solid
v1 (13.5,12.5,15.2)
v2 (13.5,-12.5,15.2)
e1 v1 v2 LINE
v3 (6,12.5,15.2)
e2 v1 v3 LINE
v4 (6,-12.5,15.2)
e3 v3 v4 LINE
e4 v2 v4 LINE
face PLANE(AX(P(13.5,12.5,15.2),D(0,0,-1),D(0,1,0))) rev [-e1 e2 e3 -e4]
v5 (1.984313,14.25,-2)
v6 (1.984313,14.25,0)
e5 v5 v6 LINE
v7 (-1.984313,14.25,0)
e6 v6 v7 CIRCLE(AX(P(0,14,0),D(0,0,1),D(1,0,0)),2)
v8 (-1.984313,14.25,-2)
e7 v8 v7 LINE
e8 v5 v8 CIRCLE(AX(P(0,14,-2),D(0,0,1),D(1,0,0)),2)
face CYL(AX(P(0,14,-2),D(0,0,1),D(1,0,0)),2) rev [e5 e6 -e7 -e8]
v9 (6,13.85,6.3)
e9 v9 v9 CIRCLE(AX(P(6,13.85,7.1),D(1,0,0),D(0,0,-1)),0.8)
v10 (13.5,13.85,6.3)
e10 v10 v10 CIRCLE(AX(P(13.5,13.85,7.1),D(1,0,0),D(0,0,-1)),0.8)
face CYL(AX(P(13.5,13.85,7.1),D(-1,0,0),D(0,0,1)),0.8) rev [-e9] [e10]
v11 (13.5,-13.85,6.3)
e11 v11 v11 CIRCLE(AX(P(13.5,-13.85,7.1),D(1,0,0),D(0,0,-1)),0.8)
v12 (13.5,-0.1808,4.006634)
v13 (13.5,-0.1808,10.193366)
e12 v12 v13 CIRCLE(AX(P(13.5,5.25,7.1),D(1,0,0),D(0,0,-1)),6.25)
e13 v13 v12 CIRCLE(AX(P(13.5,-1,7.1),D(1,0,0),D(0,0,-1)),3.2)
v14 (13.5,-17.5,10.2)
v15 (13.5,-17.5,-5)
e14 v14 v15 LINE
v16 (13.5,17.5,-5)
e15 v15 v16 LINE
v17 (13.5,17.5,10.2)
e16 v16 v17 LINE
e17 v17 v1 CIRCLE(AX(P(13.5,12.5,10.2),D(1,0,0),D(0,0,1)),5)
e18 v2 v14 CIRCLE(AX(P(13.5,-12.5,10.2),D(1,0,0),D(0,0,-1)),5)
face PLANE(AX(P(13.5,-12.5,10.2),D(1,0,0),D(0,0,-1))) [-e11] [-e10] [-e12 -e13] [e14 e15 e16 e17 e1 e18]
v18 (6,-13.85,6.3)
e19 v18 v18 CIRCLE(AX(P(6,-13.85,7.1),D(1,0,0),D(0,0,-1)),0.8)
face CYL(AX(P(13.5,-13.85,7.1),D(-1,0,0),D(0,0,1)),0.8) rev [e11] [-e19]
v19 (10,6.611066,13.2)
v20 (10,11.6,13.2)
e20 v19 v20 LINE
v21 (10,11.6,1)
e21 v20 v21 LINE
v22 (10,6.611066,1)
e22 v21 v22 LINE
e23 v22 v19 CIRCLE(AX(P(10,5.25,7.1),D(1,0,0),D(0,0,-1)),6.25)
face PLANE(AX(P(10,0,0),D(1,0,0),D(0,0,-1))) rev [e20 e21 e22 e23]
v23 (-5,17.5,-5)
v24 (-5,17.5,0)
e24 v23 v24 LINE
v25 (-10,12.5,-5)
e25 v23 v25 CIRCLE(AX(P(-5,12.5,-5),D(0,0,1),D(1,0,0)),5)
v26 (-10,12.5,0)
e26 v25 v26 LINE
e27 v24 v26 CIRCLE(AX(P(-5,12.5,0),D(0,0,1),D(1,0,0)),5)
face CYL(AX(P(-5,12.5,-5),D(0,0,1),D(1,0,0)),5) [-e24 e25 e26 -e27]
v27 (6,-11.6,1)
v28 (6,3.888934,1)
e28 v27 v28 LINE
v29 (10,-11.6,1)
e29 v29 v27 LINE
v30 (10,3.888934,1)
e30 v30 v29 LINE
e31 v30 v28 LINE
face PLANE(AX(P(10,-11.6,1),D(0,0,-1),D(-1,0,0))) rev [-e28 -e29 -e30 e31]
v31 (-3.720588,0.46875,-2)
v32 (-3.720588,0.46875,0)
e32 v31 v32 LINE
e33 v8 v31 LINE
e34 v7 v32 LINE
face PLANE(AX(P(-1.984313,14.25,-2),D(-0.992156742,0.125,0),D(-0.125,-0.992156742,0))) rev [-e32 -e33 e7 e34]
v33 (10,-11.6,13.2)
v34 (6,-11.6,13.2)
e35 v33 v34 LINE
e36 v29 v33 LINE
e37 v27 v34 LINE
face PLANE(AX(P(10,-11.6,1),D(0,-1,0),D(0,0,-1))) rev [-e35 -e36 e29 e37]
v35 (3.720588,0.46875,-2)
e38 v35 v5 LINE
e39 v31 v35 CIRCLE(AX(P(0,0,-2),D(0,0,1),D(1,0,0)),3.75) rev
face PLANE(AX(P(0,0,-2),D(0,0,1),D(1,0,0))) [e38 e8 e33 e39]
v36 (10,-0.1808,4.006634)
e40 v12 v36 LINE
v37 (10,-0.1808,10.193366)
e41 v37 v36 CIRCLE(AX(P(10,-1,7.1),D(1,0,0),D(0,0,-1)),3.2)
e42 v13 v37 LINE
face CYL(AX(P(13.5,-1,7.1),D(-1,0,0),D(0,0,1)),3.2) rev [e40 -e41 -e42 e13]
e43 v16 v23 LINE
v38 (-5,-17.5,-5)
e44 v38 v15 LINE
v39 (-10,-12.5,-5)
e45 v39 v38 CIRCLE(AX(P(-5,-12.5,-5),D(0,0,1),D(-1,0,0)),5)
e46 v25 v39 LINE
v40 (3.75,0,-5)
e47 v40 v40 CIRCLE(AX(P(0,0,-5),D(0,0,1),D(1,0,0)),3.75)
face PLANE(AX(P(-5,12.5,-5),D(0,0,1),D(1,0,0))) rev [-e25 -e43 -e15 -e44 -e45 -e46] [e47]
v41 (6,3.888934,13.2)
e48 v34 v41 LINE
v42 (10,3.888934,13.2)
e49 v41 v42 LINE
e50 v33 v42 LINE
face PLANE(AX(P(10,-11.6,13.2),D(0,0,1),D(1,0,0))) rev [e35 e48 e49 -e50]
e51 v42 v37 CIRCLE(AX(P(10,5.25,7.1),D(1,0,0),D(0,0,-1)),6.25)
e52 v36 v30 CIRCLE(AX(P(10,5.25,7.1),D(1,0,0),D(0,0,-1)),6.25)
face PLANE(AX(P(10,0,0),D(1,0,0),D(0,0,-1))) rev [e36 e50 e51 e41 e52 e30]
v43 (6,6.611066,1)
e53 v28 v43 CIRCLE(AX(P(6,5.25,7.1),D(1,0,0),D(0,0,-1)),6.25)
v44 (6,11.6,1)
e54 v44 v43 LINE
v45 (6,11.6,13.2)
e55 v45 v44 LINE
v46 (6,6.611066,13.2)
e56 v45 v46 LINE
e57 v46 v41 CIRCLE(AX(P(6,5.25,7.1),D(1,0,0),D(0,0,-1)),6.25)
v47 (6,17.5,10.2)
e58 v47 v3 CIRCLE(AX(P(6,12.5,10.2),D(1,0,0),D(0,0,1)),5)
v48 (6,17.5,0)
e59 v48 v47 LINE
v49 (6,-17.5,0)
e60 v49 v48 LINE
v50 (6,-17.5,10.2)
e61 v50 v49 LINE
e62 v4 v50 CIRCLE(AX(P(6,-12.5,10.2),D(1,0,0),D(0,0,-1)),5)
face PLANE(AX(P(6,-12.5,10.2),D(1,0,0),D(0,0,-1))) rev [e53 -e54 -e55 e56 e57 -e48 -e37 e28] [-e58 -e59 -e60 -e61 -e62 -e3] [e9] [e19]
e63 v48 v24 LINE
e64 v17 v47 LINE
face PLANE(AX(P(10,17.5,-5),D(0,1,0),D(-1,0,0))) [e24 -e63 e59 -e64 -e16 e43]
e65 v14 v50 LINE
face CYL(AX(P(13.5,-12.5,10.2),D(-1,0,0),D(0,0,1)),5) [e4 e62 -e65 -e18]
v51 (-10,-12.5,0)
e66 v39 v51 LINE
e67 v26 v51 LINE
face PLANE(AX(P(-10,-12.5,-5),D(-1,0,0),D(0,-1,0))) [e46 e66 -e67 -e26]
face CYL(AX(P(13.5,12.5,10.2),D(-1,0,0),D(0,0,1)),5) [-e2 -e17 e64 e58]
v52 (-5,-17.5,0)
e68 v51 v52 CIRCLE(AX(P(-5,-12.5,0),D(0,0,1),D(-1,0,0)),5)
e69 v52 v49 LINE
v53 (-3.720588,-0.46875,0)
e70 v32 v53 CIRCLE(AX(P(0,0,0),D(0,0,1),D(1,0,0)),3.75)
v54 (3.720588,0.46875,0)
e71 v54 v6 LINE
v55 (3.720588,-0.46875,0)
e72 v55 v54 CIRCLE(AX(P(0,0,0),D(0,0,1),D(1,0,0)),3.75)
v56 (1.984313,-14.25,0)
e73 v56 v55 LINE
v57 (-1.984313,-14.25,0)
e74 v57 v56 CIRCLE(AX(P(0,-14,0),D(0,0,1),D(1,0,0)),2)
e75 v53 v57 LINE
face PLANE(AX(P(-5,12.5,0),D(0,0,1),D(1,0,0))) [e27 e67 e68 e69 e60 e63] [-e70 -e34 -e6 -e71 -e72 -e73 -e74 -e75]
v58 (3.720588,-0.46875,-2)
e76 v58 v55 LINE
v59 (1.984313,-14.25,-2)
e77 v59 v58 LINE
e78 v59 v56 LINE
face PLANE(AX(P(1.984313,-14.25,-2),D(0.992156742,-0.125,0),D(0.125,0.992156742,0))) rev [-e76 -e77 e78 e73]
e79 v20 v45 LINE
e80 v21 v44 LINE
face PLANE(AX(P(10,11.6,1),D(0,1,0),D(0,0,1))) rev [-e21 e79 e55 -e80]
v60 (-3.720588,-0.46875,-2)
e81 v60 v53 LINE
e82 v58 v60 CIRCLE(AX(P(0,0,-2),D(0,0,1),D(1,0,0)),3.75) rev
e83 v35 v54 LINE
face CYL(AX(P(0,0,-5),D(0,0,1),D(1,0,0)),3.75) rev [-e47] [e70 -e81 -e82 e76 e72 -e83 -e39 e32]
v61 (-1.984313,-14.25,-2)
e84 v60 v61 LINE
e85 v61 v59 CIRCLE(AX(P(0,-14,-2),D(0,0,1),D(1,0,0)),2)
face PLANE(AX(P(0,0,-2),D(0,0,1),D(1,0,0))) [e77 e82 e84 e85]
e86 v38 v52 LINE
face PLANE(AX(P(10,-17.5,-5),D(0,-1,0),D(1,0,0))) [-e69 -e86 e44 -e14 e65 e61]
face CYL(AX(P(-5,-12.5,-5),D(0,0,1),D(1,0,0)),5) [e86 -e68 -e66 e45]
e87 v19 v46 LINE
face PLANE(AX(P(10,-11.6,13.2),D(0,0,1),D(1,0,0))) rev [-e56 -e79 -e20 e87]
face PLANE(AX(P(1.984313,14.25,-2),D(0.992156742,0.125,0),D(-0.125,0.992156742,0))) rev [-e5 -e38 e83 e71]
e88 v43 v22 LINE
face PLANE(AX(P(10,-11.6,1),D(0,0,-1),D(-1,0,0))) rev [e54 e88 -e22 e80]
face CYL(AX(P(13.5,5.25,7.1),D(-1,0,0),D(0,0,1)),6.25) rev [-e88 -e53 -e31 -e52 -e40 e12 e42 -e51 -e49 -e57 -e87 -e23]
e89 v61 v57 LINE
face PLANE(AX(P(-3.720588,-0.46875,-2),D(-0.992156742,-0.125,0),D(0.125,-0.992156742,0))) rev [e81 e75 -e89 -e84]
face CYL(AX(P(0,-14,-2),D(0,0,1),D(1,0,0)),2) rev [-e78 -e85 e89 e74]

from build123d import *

# Parameters (mm, degrees)
SKETCH1_R                = 3.75
BOSS_EXTRUDE1_DEPTH      = 5
CUT_EXTRUDE2_DEPTH       = 2
BOSS_EXTRUDE2_DEPTH      = 3.5
BOSS_EXTRUDE2_DEPTH_BACK = 4
SKETCH5_R                = 0.8
SKETCH6_W                = 12.2
SKETCH6_H                = 23.2
CUT_EXTRUDE3_DEPTH       = 4


with BuildPart() as part:
    # Sketch1 → Boss-Extrude1 (new body)
    with BuildSketch(Plane.XY):
        with BuildLine():
            Line((10, -17.5), (-5, -17.5))
            ThreePointArc((-5, -17.5), (-8.535533906, -16.035533906), (-10, -12.5))
            Line((-10, -12.5), (-10, 12.5))
            ThreePointArc((-10, 12.5), (-8.535533906, 16.035533906), (-5, 17.5))
            Line((-5, 17.5), (10, 17.5))
            Line((10, 17.5), (10, -17.5))
        make_face()
        Circle(SKETCH1_R, mode=Mode.SUBTRACT)
    extrude(amount=-BOSS_EXTRUDE1_DEPTH)

    # Sketch3 → Cut-Extrude2 (cut)
    with BuildSketch(Plane.XY):
        with BuildLine():
            Line((-1.984313483, 14.25), (-3.720587781, 0.46875))
            ThreePointArc((-3.720587781, 0.46875), (-3.75, 0), (-3.720587781, -0.46875))
            Line((-3.720587781, -0.46875), (-1.984313483, -14.25))
            ThreePointArc((-1.984313483, -14.25), (0, -16), (1.984313483, -14.25))
            Line((1.984313483, -14.25), (3.720587781, -0.46875))
            ThreePointArc((3.720587781, -0.46875), (3.75, 0), (3.720587781, 0.46875))
            Line((3.720587781, 0.46875), (1.984313483, 14.25))
            ThreePointArc((1.984313483, 14.25), (0, 16), (-1.984313483, 14.25))
        make_face()
    extrude(amount=-CUT_EXTRUDE2_DEPTH, mode=Mode.SUBTRACT)

    # Sketch5 → Boss-Extrude2 (add, two sides: drawn at the far end of the back side and taken through both)
    with BuildSketch(Plane(origin=(10, 0, 0), x_dir=(0, 0, -1), z_dir=(1, 0, 0)).offset(-BOSS_EXTRUDE2_DEPTH_BACK)):
        with BuildLine():
            Line((5, 17.5), (-10.2, 17.5))
            ThreePointArc((-10.2, 17.5), (-13.735533906, 16.035533906), (-15.2, 12.5))
            Line((-15.2, 12.5), (-15.2, -12.5))
            ThreePointArc((-15.2, -12.5), (-13.735533906, -16.035533906), (-10.2, -17.5))
            Line((-10.2, -17.5), (5, -17.5))
            Line((5, -17.5), (5, 17.5))
        make_face()
        with Locations((-7.1, 13.85)):
            Circle(SKETCH5_R, mode=Mode.SUBTRACT)
        with Locations((-7.1, -13.85)):
            Circle(SKETCH5_R, mode=Mode.SUBTRACT)
        with BuildLine():
            ThreePointArc((-4.006634299, -0.1808), (-7.1, 11.5), (-10.193365701, -0.1808))
            ThreePointArc((-10.193365701, -0.1808), (-7.1, -4.2), (-4.006634299, -0.1808))
        make_face(mode=Mode.SUBTRACT)
    extrude(amount=BOSS_EXTRUDE2_DEPTH + BOSS_EXTRUDE2_DEPTH_BACK)

    # Sketch6 → Cut-Extrude3 (cut)
    with BuildSketch(Plane.ZY.offset(-6)):
        with Locations((7.1, 0)):
            Rectangle(SKETCH6_W, SKETCH6_H)
    extrude(amount=-CUT_EXTRUDE3_DEPTH, mode=Mode.SUBTRACT)


solid = part.part
